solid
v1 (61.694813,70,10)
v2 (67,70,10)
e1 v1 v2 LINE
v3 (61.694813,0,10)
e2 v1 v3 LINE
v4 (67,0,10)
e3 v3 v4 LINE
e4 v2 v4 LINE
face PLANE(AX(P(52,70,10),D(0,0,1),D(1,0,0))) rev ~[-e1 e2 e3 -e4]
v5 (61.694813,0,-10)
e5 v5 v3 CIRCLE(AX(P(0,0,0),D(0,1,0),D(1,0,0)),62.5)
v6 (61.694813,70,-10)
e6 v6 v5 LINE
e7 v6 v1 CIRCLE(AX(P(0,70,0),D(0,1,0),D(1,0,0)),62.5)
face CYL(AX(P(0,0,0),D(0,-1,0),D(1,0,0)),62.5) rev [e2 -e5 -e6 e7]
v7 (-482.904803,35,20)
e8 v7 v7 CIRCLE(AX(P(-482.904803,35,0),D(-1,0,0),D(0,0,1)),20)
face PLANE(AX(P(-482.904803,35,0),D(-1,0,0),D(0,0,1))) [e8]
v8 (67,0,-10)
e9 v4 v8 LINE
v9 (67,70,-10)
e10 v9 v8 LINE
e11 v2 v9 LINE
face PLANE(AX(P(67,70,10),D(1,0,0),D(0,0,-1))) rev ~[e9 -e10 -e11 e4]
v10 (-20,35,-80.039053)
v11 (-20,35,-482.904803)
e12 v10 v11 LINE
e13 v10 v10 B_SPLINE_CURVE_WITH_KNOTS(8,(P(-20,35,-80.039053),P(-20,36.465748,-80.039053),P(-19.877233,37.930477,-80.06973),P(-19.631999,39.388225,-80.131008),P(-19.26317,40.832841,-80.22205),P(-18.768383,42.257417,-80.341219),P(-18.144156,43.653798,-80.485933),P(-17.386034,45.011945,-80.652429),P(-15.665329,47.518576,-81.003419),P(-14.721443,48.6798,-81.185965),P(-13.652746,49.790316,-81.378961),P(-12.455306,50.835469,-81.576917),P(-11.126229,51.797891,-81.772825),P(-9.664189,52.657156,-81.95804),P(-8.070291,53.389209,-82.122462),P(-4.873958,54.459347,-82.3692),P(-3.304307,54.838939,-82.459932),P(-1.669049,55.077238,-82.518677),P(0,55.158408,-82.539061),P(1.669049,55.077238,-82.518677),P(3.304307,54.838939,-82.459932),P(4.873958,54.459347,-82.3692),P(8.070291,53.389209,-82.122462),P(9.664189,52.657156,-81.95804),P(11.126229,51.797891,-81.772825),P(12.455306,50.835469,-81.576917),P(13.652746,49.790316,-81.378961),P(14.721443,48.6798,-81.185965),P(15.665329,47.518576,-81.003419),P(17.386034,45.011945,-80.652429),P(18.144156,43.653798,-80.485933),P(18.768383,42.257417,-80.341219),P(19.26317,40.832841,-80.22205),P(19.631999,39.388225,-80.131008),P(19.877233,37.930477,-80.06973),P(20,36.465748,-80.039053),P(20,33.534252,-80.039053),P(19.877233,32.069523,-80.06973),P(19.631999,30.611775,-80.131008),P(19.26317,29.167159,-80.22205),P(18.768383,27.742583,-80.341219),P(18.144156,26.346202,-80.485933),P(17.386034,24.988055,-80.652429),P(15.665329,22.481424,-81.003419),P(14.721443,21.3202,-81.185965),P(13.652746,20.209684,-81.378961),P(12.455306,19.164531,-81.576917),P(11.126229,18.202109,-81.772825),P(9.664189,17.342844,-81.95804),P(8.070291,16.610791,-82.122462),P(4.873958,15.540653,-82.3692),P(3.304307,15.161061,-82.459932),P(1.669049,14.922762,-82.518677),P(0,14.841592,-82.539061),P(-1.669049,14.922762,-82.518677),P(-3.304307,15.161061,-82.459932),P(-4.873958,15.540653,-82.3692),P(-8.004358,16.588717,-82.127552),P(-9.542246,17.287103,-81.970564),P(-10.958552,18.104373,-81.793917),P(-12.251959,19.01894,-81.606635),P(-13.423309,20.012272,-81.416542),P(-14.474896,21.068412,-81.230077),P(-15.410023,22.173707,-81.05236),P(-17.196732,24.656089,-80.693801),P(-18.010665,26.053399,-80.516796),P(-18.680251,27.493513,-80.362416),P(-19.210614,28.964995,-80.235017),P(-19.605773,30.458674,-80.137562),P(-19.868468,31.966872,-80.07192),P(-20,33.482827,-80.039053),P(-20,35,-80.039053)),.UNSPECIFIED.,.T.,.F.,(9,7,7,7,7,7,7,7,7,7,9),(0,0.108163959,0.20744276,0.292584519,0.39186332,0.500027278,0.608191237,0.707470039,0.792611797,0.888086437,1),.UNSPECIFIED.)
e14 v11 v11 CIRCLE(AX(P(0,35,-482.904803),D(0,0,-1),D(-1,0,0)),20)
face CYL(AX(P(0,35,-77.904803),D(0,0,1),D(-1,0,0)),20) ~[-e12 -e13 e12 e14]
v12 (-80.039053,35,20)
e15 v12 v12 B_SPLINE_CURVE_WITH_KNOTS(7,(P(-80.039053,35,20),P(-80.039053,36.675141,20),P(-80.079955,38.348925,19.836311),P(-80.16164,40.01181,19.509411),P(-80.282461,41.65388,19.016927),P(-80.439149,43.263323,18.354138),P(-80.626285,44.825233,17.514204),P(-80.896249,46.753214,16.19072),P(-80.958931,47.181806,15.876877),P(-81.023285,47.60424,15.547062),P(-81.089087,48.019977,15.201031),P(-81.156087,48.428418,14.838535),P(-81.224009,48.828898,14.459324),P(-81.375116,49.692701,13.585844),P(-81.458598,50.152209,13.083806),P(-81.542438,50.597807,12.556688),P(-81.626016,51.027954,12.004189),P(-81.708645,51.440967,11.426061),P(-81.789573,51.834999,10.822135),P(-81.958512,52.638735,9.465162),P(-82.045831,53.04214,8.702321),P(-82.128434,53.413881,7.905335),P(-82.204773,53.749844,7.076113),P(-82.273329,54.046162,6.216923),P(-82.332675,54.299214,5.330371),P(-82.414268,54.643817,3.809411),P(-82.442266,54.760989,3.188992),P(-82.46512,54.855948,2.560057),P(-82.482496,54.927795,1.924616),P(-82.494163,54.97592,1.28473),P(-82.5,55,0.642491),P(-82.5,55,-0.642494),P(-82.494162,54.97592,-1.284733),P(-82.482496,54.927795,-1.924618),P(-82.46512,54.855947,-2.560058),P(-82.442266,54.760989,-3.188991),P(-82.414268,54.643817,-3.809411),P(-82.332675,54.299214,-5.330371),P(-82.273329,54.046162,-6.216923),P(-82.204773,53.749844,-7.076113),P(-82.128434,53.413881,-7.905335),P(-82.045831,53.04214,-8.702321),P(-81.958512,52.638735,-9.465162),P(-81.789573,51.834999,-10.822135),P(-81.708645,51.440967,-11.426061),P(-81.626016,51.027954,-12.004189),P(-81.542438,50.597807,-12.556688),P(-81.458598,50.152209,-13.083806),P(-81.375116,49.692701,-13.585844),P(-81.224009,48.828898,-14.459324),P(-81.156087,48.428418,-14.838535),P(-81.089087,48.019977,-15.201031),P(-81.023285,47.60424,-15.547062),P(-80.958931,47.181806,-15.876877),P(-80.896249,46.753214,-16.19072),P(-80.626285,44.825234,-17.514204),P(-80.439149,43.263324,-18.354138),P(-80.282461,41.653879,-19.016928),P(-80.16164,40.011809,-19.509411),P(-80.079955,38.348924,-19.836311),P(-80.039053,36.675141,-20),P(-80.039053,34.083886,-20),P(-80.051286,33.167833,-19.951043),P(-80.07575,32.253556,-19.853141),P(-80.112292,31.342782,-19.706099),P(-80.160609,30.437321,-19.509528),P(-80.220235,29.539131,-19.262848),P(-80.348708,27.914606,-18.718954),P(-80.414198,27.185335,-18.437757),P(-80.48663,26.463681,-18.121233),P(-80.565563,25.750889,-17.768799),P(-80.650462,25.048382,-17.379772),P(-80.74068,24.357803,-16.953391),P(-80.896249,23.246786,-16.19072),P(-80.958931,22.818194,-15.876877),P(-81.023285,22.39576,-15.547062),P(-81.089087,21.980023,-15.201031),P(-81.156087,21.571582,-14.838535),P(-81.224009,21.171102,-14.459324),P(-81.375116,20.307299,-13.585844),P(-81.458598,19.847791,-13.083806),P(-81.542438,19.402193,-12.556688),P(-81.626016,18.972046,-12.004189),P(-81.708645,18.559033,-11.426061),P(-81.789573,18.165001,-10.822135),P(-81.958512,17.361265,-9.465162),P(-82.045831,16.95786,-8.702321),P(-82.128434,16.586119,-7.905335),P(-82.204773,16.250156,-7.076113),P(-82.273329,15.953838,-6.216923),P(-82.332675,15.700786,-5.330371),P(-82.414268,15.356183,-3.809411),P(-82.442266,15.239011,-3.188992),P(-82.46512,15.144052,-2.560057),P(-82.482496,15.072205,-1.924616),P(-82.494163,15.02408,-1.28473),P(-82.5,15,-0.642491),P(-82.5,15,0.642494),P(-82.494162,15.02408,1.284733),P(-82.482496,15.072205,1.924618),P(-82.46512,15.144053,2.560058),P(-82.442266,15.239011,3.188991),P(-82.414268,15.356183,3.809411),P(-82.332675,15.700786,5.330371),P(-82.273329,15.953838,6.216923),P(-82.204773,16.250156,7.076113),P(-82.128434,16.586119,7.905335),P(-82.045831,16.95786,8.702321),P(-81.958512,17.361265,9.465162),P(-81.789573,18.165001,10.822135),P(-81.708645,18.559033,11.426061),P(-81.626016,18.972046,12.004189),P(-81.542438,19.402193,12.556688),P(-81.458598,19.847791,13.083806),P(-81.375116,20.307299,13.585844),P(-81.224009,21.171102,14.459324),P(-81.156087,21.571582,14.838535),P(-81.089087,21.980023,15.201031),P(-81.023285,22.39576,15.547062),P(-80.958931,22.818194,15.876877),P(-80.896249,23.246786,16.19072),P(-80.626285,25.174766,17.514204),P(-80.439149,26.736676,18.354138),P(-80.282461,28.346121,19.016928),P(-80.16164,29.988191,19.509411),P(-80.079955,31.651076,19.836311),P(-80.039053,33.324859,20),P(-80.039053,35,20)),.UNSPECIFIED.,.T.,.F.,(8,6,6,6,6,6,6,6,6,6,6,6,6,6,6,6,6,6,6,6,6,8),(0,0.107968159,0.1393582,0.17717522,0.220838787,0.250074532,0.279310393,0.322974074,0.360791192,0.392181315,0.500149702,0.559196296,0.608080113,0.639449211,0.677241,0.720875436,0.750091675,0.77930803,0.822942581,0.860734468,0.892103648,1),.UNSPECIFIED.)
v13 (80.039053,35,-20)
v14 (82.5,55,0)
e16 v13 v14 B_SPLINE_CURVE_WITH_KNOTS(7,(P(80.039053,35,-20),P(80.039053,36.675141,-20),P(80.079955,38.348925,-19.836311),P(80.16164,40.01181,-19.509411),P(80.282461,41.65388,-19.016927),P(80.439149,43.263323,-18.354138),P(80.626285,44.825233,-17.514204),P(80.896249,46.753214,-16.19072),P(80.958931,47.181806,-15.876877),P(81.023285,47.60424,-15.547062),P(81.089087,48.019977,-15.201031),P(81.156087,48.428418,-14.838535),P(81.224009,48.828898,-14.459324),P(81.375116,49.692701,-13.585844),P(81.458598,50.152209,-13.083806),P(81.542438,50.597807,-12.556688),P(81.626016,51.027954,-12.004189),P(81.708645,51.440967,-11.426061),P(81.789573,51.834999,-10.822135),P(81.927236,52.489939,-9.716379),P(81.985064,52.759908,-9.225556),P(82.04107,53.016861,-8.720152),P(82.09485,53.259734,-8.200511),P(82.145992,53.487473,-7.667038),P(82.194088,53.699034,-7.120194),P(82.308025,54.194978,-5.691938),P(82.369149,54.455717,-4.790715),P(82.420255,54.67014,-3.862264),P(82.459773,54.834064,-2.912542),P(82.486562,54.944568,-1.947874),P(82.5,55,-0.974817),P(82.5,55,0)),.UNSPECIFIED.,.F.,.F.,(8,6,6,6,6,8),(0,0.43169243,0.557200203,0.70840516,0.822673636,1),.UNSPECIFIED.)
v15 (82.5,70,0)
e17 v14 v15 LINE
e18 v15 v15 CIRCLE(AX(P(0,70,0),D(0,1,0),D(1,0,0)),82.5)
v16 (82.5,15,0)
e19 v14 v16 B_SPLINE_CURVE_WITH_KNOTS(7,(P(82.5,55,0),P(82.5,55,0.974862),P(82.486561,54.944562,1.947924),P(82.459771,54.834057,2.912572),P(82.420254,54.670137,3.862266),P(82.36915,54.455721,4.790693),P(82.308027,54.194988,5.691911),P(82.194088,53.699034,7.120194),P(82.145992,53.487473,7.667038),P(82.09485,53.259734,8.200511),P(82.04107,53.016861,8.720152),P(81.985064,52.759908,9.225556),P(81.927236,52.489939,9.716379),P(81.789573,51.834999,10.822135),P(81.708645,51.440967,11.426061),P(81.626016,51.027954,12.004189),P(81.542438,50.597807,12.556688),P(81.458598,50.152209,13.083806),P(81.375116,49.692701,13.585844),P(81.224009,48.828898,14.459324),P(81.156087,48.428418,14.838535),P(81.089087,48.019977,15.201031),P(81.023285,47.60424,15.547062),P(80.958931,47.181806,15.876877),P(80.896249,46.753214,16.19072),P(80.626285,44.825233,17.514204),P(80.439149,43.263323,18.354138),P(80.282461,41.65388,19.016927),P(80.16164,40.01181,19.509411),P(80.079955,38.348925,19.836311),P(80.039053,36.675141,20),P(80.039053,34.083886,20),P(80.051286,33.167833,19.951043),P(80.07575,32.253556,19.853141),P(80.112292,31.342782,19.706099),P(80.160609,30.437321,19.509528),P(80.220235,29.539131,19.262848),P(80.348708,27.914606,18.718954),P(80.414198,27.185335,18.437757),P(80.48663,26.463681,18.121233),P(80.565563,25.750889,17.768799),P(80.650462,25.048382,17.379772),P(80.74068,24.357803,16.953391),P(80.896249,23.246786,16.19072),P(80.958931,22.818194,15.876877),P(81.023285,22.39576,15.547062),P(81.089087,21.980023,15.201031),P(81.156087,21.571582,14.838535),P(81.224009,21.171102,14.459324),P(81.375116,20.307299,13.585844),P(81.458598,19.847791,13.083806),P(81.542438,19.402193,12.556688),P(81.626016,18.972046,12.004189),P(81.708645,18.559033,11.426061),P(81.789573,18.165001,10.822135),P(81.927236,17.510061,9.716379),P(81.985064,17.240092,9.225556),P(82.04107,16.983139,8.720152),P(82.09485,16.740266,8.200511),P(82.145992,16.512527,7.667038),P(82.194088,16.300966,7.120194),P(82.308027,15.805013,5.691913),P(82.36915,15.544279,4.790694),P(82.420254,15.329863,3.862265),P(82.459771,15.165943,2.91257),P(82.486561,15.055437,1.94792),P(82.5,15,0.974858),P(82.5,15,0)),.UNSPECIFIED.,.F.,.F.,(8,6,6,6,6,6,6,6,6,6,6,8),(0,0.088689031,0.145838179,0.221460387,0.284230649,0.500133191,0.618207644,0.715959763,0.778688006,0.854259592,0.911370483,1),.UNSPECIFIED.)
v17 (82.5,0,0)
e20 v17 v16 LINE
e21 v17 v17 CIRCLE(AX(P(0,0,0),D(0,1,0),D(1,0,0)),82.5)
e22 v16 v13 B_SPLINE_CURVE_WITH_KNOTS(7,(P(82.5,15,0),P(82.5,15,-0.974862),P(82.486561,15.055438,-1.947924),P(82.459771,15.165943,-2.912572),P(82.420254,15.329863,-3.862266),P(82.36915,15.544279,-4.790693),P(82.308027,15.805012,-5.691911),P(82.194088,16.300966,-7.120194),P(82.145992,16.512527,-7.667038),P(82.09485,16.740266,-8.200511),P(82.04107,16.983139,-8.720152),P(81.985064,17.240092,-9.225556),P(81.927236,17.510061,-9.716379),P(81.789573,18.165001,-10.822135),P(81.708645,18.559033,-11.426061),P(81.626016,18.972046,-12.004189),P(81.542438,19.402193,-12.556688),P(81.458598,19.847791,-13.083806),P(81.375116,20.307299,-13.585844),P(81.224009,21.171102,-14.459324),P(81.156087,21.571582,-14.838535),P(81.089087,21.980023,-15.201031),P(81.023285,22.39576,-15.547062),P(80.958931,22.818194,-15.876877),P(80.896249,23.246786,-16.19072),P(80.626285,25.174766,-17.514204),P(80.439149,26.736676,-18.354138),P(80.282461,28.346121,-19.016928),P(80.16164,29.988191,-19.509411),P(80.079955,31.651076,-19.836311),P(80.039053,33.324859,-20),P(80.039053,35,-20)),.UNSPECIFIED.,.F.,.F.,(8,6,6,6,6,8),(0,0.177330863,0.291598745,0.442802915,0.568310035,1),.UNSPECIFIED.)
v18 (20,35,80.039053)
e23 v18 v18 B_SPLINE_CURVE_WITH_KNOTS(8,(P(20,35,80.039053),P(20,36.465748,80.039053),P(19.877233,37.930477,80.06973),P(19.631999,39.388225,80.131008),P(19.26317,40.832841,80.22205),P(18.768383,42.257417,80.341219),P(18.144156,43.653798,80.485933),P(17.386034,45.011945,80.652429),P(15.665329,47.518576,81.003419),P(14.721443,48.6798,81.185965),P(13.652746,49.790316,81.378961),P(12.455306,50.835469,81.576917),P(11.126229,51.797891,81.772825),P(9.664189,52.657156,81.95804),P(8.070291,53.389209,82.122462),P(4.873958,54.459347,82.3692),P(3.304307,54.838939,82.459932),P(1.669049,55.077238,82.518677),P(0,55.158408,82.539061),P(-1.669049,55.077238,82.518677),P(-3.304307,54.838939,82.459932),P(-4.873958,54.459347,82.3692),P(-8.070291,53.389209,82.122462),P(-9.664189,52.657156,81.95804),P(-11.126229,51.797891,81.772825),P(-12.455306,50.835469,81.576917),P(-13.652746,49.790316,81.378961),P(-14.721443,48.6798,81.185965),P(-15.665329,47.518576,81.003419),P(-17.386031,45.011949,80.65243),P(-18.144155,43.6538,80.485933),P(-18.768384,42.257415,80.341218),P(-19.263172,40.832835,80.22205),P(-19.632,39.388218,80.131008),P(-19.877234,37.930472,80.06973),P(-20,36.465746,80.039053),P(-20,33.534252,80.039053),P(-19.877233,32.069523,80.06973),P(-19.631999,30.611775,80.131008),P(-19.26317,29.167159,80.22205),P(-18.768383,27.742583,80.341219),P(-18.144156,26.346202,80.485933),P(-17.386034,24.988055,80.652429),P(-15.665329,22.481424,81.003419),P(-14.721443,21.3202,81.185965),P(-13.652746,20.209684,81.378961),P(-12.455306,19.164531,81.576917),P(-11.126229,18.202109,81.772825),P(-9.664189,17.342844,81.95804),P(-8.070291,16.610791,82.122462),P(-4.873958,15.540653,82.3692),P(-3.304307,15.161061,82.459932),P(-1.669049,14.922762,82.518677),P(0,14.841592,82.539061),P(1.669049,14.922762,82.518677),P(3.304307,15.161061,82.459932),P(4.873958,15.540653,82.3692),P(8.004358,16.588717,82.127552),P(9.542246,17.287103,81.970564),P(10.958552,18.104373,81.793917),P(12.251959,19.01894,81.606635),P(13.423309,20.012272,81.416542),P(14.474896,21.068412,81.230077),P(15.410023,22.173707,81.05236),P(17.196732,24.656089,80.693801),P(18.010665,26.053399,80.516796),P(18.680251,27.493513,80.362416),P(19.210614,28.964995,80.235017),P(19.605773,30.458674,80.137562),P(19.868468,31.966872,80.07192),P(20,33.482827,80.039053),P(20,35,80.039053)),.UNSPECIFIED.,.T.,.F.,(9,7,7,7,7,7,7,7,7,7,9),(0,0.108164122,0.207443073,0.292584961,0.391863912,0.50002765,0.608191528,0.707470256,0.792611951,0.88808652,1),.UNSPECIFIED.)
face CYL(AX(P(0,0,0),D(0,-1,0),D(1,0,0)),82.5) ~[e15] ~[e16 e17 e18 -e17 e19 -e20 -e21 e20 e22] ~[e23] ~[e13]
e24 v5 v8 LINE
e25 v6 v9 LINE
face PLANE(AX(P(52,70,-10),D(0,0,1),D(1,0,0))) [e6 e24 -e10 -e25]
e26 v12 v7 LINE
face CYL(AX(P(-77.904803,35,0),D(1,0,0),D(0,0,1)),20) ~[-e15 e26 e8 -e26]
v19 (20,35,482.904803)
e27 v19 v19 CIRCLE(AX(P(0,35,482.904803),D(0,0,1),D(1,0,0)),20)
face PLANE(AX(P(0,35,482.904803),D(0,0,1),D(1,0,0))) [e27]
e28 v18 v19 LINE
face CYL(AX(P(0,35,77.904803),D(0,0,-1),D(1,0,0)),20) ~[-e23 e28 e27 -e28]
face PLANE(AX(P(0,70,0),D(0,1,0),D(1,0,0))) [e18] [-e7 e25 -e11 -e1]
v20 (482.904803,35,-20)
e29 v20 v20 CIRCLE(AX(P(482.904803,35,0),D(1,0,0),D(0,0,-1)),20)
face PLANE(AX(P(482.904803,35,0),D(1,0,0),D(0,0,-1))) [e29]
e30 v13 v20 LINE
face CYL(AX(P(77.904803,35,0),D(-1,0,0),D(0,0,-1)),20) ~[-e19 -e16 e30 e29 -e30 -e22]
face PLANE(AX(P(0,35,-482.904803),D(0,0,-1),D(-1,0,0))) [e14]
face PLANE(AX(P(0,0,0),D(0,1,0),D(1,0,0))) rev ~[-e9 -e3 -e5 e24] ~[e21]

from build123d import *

# Parameters (mm, degrees)
IZIM1_R                     = 82.5
IZIM1_R_2                   = 62.5
Y_KSEKLIK_EKSTR_ZYON1_DEPTH = 70
IZIM2_R                     = 20
Y_KSEKLIK_EKSTR_ZYON2_DEPTH = 405
DAIRESEL_KAPLAMA1_COUNT     = 4
IZIM4_W                     = 15
IZIM4_H                     = 20
KES_EKSTR_ZYON1_DEPTH       = 71.0000001


with BuildPart() as part:
    # Çizim1 → Yükseklik-Ekstrüzyon1 (new body)
    with BuildSketch(Plane(origin=(0, 0, 0), x_dir=(1, 0, 0), z_dir=(0, 1, 0))):
        Circle(IZIM1_R)
        Circle(IZIM1_R_2, mode=Mode.SUBTRACT)
    extrude(amount=Y_KSEKLIK_EKSTR_ZYON1_DEPTH)

    # Çizim2 → Yükseklik-Ekstrüzyon2 (add)
    with BuildSketch(Plane(origin=(77.904802992, 0, 0), x_dir=(0, 0, -1), z_dir=(1, 0, 0))):
        with Locations((0, 35)):
            Circle(IZIM2_R)
    y_kseklik_ekstr_zyon2 = extrude(amount=Y_KSEKLIK_EKSTR_ZYON2_DEPTH)

    # Dairesel Kaplama1: Yükseklik-Ekstrüzyon2 ×4 about axis
    dairesel_kaplama1_axis = Axis((0, 0, 0), (0, 1, 0))
    for i in range(1, DAIRESEL_KAPLAMA1_COUNT):
        add(y_kseklik_ekstr_zyon2.rotate(dairesel_kaplama1_axis, i * 360 / DAIRESEL_KAPLAMA1_COUNT))

    # Çizim4 → Kes-Ekstrüzyon1 (cut, through all)
    with BuildSketch(Plane(origin=(0, 70, 0), x_dir=(1, 0, 0), z_dir=(0, 1, 0))):
        with Locations((59.5, 0)):
            Rectangle(IZIM4_W, IZIM4_H)
    extrude(amount=-KES_EKSTR_ZYON1_DEPTH, mode=Mode.SUBTRACT)


solid = part.part
